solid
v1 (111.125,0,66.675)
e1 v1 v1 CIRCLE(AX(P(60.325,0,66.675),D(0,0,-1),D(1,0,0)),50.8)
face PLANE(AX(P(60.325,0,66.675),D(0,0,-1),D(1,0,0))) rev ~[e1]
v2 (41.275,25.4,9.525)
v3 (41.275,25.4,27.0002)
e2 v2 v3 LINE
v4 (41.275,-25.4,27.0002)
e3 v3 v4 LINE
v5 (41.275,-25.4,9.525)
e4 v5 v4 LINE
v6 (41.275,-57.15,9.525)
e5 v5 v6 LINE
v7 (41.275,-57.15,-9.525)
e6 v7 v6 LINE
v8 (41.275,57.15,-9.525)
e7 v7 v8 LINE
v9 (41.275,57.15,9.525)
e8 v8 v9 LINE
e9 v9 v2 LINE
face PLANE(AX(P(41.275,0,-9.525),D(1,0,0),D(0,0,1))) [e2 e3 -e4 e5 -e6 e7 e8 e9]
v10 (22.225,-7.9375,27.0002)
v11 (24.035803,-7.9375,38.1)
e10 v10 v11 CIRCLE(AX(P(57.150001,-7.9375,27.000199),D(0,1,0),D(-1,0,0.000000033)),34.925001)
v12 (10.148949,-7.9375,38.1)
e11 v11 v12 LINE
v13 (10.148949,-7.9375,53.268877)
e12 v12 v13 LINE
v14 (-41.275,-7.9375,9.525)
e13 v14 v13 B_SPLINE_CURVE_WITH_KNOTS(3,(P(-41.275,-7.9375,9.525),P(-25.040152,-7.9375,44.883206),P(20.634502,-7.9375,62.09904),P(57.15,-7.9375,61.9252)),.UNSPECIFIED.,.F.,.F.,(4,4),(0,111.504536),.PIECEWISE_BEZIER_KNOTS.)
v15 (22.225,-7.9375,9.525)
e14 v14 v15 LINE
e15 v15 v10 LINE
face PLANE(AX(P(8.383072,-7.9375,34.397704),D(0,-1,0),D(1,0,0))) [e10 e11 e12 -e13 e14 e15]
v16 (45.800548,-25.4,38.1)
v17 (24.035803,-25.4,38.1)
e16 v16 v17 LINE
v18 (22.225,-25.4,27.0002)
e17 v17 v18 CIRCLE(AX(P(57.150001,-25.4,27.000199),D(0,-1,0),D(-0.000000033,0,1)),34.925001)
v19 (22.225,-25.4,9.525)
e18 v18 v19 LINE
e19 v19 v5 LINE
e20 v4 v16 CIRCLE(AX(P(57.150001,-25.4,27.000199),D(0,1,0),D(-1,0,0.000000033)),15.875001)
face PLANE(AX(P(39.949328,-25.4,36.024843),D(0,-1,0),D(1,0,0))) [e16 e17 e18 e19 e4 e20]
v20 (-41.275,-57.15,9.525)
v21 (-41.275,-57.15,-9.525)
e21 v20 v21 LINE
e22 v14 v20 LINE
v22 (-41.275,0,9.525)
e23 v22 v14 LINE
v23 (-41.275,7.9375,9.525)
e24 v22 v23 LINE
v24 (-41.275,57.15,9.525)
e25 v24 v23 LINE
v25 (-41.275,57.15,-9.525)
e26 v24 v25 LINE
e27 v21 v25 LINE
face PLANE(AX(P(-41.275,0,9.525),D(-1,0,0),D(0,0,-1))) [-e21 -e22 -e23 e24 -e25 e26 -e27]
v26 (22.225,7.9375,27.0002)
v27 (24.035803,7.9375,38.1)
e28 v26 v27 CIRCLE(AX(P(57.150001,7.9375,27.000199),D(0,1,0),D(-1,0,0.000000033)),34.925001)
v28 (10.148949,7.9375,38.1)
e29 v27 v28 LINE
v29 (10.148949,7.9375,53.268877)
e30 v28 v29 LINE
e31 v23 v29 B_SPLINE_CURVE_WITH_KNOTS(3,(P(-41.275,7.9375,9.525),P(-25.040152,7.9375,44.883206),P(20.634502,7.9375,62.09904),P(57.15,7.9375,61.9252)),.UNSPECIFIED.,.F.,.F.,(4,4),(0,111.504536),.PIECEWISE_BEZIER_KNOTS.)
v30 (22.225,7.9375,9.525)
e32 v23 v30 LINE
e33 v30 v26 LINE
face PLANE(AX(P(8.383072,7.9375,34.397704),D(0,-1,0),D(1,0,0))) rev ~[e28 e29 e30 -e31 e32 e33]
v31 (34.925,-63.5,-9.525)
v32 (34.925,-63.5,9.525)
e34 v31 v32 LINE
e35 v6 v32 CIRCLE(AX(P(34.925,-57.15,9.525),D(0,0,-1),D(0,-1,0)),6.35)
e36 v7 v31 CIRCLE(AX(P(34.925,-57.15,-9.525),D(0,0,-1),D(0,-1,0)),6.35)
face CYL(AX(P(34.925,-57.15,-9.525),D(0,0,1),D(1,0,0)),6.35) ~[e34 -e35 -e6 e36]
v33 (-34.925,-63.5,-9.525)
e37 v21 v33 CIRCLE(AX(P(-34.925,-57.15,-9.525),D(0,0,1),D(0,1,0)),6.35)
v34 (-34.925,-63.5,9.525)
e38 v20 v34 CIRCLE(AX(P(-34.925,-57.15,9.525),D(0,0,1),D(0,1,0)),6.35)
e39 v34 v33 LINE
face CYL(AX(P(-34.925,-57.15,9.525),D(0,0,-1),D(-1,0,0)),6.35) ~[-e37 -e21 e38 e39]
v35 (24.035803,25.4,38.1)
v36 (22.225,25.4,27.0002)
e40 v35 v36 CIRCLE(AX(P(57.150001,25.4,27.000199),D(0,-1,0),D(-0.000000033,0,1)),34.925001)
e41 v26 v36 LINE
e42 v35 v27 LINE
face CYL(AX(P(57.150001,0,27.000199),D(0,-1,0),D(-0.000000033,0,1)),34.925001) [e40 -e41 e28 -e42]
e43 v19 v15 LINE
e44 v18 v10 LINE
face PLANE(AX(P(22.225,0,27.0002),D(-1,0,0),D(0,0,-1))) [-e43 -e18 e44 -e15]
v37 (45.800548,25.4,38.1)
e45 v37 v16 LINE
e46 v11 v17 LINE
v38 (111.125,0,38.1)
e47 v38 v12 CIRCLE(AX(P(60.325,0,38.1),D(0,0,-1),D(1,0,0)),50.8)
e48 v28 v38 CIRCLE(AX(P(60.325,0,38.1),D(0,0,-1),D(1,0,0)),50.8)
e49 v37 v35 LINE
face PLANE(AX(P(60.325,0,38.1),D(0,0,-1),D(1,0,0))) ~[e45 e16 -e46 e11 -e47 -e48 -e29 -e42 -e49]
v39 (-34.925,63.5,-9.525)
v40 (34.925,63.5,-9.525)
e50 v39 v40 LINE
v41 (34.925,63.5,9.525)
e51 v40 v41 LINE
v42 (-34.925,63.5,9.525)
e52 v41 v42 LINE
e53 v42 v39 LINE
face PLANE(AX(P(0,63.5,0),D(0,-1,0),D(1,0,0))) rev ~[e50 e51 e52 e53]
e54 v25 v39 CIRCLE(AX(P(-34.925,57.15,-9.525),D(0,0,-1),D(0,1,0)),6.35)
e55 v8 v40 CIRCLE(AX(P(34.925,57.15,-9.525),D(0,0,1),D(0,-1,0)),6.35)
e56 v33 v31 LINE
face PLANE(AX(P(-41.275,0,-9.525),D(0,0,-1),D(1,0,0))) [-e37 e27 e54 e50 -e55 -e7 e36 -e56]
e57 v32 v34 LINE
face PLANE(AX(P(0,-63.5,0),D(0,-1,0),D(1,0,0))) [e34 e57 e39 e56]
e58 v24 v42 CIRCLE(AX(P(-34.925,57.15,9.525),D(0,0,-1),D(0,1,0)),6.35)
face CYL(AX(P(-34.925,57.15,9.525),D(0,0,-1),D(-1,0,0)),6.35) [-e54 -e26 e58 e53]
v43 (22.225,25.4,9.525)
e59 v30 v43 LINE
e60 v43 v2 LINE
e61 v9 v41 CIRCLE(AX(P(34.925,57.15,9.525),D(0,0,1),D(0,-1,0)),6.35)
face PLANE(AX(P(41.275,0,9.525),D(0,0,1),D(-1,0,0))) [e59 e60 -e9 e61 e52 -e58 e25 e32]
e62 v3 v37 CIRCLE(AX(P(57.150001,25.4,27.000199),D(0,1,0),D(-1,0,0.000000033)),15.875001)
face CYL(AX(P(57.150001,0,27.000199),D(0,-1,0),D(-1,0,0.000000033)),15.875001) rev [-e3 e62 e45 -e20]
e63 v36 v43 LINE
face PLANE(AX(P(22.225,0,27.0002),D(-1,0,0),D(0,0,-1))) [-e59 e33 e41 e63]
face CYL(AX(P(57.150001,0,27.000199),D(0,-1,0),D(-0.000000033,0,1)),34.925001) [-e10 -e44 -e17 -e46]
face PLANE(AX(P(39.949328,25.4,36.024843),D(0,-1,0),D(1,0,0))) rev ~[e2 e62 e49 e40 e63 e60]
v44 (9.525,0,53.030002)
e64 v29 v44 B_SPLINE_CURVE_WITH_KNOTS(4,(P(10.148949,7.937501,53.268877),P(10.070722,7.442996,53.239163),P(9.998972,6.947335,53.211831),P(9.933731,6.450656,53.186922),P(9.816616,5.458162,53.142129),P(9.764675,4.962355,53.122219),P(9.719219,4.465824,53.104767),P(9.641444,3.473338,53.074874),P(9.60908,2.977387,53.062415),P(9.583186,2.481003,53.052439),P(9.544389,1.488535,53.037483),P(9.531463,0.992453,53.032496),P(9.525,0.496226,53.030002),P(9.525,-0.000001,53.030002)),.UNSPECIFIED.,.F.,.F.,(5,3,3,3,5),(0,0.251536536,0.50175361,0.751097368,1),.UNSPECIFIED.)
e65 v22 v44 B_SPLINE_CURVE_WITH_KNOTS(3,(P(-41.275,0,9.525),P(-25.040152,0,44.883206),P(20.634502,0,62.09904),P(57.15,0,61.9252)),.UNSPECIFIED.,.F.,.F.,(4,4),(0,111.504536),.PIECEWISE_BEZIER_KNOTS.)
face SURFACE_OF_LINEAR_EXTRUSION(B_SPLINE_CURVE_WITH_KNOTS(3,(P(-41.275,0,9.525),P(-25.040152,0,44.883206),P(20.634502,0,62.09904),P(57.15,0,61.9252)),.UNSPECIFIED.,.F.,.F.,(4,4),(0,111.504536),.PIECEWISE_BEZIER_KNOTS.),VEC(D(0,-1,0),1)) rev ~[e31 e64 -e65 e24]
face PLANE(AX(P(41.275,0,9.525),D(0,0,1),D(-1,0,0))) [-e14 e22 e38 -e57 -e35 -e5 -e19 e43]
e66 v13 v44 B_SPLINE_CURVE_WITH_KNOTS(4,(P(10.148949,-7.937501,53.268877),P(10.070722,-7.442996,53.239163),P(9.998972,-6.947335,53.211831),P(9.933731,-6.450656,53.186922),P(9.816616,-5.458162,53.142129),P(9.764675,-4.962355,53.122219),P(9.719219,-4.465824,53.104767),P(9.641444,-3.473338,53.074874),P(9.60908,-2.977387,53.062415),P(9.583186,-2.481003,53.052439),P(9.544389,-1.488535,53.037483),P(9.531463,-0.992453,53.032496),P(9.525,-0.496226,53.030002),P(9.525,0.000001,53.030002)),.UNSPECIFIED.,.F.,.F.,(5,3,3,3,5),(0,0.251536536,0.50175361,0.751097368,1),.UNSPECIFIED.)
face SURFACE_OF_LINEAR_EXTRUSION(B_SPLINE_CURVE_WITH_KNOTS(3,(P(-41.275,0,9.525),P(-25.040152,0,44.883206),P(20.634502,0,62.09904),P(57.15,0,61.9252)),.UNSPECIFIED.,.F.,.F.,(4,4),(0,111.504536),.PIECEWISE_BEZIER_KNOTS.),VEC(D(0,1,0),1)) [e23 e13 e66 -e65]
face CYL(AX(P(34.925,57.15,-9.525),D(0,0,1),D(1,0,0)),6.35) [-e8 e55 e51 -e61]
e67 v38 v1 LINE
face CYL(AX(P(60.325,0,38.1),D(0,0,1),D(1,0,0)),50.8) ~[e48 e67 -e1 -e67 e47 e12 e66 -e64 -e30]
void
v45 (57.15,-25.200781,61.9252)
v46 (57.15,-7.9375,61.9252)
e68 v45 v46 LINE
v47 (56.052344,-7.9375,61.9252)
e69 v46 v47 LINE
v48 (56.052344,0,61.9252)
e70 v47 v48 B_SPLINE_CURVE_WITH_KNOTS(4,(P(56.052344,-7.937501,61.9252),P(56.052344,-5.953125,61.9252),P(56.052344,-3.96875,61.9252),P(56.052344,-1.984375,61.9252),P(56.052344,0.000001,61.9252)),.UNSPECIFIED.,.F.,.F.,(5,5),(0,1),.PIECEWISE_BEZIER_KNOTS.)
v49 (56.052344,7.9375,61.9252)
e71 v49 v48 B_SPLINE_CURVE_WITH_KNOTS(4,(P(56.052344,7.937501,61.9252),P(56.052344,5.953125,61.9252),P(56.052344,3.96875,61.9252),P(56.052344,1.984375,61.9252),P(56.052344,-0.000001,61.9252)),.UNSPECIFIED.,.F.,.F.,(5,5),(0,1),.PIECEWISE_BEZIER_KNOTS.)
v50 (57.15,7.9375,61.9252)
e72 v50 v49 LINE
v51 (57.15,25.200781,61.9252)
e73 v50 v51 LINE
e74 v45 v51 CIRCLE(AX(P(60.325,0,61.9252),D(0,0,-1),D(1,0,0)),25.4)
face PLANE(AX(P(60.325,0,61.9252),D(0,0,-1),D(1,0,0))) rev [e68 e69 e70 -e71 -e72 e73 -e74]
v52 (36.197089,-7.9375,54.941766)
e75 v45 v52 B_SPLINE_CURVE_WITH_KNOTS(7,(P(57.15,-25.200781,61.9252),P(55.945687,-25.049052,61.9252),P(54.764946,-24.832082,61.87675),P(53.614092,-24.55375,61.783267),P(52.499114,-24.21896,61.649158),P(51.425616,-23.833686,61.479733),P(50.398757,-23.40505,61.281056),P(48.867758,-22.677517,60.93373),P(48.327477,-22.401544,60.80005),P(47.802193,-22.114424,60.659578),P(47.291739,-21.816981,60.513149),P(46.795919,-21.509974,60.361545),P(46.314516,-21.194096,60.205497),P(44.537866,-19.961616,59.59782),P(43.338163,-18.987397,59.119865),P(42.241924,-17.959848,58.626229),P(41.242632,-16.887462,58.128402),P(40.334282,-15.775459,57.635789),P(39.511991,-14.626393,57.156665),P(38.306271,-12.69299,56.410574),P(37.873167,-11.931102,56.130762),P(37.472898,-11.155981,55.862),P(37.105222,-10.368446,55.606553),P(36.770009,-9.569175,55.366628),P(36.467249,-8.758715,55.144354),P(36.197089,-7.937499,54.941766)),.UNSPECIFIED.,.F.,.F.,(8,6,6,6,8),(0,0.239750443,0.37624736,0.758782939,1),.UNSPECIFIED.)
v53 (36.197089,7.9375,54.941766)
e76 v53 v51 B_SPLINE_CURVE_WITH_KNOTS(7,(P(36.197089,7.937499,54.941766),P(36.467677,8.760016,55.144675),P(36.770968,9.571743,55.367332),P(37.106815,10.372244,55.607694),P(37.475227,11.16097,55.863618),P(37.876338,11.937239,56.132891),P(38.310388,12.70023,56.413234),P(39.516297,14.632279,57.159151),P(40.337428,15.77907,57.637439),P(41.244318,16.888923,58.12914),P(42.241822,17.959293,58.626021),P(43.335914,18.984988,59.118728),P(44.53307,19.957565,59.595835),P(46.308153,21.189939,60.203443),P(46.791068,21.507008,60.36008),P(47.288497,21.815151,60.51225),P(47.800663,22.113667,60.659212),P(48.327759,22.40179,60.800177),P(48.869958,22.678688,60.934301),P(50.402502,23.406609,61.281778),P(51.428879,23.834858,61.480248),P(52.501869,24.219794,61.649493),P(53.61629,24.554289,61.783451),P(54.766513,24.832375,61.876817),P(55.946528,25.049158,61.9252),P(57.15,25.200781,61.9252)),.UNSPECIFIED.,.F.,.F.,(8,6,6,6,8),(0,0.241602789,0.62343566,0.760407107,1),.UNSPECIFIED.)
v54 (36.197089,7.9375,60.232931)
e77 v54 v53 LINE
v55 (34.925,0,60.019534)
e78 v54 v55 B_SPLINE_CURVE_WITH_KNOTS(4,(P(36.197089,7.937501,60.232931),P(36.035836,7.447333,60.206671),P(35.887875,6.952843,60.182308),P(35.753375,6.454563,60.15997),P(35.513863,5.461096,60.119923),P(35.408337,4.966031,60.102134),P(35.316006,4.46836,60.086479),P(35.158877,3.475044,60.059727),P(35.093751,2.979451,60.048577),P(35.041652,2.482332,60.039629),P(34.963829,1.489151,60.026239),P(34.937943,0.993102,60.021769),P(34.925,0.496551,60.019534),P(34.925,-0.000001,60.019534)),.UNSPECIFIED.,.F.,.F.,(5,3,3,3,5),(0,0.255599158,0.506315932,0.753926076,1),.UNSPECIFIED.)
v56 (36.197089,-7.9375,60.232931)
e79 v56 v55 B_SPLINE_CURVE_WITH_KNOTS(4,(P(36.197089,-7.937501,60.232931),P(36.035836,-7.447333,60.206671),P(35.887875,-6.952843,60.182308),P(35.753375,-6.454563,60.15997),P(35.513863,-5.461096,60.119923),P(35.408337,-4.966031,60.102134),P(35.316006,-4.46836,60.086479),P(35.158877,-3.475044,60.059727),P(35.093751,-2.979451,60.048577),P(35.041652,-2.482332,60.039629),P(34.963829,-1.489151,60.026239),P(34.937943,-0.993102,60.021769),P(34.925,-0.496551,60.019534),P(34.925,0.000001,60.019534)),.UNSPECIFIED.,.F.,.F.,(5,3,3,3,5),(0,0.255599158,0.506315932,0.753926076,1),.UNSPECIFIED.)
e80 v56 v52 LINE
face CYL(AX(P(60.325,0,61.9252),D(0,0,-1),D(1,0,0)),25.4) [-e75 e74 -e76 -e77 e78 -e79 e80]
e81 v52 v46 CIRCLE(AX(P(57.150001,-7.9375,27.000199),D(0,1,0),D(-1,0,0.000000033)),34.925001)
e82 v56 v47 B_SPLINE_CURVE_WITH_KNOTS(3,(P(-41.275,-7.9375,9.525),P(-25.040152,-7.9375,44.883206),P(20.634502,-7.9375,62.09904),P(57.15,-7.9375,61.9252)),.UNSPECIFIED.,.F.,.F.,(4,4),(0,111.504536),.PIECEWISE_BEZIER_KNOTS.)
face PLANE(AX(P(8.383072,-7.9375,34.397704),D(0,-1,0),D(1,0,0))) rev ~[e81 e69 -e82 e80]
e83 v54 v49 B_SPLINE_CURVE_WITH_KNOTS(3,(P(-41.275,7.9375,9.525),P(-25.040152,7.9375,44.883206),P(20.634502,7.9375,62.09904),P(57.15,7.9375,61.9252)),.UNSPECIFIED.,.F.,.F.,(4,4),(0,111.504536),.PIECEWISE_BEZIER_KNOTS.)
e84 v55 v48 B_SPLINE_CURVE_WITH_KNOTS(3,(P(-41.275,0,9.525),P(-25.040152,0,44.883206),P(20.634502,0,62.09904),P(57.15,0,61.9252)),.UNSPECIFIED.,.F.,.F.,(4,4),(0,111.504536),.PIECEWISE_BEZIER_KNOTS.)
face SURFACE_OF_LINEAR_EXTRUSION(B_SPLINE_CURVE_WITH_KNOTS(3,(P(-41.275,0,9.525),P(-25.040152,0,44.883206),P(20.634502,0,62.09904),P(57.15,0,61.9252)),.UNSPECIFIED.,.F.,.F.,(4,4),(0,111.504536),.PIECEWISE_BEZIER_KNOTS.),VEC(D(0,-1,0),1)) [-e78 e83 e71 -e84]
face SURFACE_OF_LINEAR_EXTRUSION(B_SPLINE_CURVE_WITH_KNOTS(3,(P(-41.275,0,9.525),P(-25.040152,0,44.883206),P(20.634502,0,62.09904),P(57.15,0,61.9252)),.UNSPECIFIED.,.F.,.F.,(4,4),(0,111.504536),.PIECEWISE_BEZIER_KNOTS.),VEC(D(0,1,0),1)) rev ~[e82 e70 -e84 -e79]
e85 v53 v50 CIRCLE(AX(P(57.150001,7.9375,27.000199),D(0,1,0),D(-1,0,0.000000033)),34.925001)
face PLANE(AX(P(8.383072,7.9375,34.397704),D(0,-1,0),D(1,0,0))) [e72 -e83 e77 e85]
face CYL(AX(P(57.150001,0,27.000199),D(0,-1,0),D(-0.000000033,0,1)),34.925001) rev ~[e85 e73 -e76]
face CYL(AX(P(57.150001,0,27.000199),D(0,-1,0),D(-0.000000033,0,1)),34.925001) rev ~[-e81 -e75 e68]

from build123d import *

# Parameters (mm, degrees)
F1_DEPTH = 63.5
F0_W     = 25.4
F0_H     = 19.05
F2_DEPTH = 25.4
F3_DEPTH = 7.9375
F5_R     = 6.35


with BuildPart() as f1:
    # F0 (on Front) → F1 (new body, symmetric)
    with BuildSketch(Plane.XZ):
        Polygon((41.275, -9.525), (41.275, 9.525), (22.225, 9.525), (-41.275, 9.525), (-41.275, -9.525), align=None)
    extrude(amount=F1_DEPTH, both=True)

    # F0 (on Front) → F2 (join, symmetric)
    with BuildSketch(Plane.XZ):
        with BuildLine():
            Line((22.225, 9.525), (41.275, 9.525))
            Line((41.275, 9.525), (41.275, 27.0002))
            ThreePointArc((41.275, 27.0002), (45.92468, 38.22552), (57.15, 42.8752))
            Line((57.15, 42.8752), (60.325, 42.8752))
            Line((60.325, 42.8752), (60.325, 61.9252))
            Line((60.325, 61.9252), (57.15, 61.9252))
            ThreePointArc((57.15, 61.9252), (32.454296, 51.695904), (22.225, 27.0002))
            Line((22.225, 27.0002), (22.225, 9.525))
        make_face()
        with Locations((73.025, 52.4002)):
            Rectangle(F0_W, F0_H)
    extrude(amount=F2_DEPTH, both=True)

    # F0 (on Front) → F3 (join, symmetric)
    with BuildSketch(Plane.XZ):
        with BuildLine():
            Line((-41.275, 9.525), (22.225, 9.525))
            Line((22.225, 9.525), (22.225, 27.0002))
            ThreePointArc((22.225, 27.0002), (32.454296, 51.695904), (57.15, 61.9252))
            add(Edge.make_bspline(
                [(-41.275, 9.525), (-25.040152, 44.883206), (20.634502, 62.09904), (57.15, 61.9252)],
                knots=[0, 0, 0, 0, 111.504536, 111.504536, 111.504536, 111.504536], degree=3))
        make_face()
    extrude(amount=F3_DEPTH, both=True)

    # F0 (on Front) → F4 (revolve)
    with BuildSketch(Plane.XZ):
        Polygon((85.725, 42.8752), (60.325, 42.8752), (60.325, 38.1), (111.125, 38.1), (111.125, 66.675), (60.325, 66.675), (60.325, 61.9252), (85.725, 61.9252), align=None)
    revolve(axis=Axis((60.325, 0, 52.3875), (0, 0, -1)))

    # F5
    f5_edges = [f1.edges().sort_by_distance(p)[0] for p in [
        (41.275, -63.5, 0),
        (-41.275, -63.5, 0),
        (-41.275, 63.5, 0),
        (41.275, 63.5, 0),
    ]]
    fillet(f5_edges, radius=F5_R)


solid = f1.part
